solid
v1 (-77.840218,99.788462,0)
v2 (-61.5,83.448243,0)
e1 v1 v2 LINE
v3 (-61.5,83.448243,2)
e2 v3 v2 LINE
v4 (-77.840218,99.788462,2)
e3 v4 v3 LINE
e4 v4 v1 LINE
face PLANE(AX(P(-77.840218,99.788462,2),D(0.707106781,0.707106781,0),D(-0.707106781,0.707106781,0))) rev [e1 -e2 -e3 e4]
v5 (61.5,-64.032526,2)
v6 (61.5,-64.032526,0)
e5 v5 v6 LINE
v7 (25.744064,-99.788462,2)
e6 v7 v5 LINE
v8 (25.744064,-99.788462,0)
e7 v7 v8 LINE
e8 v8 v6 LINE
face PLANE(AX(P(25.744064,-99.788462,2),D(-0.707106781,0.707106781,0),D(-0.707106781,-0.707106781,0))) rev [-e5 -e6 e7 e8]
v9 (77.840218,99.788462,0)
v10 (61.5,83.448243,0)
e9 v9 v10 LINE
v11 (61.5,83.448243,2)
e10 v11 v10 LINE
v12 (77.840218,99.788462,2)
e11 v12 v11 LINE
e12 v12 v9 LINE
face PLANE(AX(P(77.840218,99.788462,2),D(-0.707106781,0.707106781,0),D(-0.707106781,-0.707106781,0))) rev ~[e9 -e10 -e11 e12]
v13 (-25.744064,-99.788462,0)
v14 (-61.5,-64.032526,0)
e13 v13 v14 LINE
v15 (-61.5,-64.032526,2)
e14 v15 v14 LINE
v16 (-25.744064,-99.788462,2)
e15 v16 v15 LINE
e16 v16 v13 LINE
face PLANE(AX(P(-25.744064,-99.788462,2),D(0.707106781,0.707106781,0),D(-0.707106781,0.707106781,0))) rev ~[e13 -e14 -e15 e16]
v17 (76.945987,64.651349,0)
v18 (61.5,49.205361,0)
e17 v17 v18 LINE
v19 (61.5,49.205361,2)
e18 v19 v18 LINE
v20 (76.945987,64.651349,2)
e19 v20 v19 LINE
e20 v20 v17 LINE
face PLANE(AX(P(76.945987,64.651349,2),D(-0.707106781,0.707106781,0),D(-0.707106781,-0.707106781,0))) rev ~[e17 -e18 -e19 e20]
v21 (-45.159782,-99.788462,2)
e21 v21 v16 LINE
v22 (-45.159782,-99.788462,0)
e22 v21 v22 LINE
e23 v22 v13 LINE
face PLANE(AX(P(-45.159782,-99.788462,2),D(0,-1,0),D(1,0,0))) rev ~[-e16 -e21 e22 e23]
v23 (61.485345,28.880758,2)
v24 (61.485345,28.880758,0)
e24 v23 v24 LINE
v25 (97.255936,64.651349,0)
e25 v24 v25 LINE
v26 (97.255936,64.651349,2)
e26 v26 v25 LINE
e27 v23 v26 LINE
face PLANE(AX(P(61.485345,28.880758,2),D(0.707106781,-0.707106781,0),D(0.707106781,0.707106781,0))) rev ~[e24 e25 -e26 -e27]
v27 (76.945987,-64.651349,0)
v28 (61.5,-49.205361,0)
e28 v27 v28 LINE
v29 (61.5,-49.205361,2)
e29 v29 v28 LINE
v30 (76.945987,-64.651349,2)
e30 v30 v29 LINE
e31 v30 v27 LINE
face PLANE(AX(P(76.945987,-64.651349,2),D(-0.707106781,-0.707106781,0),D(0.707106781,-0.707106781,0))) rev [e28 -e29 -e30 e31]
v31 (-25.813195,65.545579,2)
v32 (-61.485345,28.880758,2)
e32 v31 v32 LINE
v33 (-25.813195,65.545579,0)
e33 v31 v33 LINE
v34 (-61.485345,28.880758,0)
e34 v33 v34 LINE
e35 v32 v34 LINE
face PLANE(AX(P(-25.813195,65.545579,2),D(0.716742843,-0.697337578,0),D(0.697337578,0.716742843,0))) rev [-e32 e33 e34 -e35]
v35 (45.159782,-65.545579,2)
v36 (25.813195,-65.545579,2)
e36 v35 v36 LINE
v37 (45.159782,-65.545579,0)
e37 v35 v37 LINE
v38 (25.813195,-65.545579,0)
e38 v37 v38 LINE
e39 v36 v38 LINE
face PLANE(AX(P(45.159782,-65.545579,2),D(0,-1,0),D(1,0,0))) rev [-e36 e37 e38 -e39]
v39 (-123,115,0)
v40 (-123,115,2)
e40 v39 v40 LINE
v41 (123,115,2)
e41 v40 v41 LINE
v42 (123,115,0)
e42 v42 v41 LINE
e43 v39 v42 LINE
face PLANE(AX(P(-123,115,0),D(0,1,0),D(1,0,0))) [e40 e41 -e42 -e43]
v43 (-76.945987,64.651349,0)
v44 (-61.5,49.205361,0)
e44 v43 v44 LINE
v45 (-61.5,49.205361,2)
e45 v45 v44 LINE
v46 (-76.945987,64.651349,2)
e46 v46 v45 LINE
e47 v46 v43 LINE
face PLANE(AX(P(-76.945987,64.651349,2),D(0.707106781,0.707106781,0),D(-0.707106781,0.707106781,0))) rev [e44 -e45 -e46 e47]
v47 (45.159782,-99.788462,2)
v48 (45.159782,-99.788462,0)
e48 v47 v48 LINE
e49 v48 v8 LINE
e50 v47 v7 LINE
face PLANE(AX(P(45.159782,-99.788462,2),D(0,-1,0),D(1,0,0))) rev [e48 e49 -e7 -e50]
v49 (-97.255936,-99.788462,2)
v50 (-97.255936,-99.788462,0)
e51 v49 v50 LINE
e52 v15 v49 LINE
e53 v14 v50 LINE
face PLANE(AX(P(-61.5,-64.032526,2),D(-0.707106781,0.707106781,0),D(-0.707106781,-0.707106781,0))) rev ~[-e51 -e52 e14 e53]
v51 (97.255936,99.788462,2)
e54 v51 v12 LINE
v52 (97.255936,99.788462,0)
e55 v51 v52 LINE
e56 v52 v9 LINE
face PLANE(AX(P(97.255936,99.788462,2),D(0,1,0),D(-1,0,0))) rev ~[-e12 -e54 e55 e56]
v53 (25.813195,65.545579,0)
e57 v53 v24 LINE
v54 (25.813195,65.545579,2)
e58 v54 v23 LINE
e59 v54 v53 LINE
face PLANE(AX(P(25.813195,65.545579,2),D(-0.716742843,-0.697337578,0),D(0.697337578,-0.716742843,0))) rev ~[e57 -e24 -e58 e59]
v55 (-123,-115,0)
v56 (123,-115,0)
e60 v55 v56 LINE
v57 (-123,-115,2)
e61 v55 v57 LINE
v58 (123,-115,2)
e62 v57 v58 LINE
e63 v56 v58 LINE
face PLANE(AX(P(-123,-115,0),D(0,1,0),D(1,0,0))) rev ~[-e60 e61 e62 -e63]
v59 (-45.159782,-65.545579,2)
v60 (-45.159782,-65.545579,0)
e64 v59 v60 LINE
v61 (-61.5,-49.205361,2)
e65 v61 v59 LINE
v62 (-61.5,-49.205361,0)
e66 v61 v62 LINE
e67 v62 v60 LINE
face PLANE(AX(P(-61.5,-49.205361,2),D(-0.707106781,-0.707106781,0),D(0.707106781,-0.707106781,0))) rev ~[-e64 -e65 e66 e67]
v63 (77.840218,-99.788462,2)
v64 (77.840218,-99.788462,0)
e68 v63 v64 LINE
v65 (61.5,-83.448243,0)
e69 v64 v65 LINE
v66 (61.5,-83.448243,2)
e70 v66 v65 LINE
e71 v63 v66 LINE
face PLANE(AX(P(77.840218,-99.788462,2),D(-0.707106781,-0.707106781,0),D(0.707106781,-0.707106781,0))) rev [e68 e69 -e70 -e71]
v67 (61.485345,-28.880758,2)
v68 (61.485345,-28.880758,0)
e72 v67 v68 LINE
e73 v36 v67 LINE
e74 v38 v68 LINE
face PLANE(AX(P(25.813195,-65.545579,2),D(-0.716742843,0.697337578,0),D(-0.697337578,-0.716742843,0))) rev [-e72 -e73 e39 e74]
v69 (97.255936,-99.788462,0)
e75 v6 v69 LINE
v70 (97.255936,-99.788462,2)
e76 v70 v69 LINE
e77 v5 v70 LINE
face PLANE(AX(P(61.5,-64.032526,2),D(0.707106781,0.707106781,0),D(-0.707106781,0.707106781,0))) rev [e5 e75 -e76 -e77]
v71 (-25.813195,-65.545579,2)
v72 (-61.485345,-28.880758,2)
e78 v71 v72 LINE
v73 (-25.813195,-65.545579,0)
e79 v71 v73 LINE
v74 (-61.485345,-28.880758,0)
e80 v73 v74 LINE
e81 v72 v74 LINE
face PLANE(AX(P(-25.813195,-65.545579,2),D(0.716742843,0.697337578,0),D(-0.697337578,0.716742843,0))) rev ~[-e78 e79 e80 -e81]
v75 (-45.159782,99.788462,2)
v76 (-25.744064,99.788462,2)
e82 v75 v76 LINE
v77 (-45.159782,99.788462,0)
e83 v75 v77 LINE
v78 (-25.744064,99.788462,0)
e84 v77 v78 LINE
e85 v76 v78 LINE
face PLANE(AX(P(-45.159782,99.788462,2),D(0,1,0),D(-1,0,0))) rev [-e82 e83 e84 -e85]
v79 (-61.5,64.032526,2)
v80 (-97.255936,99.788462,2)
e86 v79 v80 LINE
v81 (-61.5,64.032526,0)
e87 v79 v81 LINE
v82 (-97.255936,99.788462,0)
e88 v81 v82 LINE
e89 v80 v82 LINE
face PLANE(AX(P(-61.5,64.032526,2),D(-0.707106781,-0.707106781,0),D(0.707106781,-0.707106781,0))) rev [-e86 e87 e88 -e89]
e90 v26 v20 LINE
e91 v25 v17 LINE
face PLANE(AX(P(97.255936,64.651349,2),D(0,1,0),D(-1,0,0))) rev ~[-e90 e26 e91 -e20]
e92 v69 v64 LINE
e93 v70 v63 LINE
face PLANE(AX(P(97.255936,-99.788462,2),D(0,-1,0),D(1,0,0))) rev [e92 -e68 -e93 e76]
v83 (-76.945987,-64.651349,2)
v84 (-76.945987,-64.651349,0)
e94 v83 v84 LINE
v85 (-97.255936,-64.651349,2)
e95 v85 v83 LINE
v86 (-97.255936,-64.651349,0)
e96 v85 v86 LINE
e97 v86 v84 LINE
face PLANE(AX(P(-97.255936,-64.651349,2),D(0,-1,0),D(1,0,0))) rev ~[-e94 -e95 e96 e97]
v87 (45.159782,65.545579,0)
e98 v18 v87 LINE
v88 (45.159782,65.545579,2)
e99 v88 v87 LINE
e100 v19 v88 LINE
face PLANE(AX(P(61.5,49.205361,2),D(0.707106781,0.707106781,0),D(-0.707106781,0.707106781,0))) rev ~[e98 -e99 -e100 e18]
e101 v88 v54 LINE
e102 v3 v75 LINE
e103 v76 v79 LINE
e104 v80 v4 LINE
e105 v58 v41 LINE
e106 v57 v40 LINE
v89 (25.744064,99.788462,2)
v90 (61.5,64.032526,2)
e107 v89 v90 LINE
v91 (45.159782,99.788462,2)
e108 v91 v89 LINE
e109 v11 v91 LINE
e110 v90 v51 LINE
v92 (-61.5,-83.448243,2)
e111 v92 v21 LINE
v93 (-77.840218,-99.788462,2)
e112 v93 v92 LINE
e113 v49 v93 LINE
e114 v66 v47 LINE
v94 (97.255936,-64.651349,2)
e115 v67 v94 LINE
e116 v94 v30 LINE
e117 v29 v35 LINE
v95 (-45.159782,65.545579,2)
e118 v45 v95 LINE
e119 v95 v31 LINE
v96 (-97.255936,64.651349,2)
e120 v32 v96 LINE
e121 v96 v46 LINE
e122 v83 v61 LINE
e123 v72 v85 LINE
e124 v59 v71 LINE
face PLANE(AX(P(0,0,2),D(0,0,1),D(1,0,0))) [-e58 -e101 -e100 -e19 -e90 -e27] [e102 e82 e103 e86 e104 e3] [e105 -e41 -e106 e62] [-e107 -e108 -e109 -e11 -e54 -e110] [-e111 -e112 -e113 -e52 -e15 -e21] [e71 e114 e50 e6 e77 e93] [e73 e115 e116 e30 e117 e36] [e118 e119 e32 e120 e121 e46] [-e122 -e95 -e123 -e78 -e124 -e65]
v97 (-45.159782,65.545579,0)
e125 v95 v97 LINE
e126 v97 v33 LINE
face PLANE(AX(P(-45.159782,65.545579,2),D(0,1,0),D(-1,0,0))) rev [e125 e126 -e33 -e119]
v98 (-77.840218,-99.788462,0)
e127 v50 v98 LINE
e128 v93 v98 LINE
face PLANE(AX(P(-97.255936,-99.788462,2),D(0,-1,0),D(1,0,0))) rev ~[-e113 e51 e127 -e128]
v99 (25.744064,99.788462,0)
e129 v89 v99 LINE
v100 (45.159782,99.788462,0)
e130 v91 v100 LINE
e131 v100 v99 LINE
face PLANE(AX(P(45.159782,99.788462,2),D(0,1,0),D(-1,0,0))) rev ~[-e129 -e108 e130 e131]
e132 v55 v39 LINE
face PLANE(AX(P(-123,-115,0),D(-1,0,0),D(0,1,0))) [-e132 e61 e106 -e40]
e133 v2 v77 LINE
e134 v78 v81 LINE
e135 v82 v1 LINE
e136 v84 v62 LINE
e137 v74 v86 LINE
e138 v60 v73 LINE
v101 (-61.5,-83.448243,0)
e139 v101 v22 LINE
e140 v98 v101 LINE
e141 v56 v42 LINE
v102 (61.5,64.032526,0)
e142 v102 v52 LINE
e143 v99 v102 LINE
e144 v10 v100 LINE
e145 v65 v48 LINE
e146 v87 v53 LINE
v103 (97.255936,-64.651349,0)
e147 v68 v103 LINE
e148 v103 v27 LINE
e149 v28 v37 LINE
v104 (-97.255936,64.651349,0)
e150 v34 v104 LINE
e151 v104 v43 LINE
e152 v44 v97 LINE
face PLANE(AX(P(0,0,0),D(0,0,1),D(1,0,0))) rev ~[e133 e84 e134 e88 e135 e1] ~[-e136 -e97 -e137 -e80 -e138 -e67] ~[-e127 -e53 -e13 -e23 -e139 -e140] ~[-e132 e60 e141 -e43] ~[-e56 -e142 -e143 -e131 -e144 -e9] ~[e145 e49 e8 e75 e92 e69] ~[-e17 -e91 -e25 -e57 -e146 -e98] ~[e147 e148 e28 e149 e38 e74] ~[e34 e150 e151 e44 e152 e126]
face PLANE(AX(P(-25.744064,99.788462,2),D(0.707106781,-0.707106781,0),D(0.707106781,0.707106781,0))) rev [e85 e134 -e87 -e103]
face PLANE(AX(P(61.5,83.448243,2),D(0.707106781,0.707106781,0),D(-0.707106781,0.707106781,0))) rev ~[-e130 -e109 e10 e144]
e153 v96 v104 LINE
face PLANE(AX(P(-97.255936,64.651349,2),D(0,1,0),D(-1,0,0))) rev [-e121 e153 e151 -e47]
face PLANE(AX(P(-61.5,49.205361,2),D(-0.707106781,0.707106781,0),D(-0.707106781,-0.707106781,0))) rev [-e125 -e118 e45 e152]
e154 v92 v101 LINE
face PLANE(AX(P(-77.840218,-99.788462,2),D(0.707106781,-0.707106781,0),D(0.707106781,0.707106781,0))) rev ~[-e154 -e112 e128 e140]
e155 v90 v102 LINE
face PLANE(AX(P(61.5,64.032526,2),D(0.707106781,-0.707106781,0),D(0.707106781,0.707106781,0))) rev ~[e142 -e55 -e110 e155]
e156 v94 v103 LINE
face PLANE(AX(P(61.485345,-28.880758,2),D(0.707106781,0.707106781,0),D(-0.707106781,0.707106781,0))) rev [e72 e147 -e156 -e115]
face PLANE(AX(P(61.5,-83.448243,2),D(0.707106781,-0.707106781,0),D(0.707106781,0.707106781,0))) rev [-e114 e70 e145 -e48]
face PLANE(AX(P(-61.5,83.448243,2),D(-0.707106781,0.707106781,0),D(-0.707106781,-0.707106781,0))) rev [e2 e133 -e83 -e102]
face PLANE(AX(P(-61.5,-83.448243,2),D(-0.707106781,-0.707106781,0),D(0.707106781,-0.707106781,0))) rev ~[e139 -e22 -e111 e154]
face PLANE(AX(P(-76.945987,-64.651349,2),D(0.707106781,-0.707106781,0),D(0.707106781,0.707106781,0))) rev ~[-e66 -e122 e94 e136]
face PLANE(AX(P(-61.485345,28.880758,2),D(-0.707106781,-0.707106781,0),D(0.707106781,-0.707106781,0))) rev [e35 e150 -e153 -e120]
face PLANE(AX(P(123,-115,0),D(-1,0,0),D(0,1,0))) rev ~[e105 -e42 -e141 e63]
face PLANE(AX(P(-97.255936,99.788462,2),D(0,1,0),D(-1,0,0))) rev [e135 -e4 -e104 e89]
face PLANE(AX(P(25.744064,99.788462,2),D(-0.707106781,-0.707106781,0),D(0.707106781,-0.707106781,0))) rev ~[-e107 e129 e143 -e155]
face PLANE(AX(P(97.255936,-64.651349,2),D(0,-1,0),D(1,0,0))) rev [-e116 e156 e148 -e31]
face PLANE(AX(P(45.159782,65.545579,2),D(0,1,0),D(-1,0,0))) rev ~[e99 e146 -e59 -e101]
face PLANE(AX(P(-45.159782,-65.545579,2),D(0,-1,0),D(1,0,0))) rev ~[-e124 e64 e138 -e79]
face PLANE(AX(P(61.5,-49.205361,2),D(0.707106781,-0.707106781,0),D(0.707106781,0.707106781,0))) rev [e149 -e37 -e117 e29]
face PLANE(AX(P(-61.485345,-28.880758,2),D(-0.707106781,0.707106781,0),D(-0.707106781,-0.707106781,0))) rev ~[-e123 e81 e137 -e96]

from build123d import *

# Parameters (mm, degrees)
SKETCH_1_W            = 246
SKETCH_1_H            = 230
EXTRUDE_1_DEPTH       = 2
CUT_EXTRUDE_2_DEPTH   = 169.398337284
MIRROR_2_COPY_1_DEPTH = 169.398337284


with BuildPart() as part:
    # 草图1 → 凸台-拉伸1 (new body)
    with BuildSketch(Plane.XY):
        Rectangle(SKETCH_1_W, SKETCH_1_H)
    extrude(amount=EXTRUDE_1_DEPTH)

    # 草图2 → 切除-拉伸2 (cut, through all)
    with BuildSketch(Plane.XY.offset(2)):
        Polygon((-61.485344815, -28.880757709), (-97.255935728, -64.651348622), (-76.945987349, -64.651348622), (-61.5, -49.205361273), (-45.159781882, -65.545579391), (-25.813195161, -65.545579391), align=None)
        Polygon((-61.5, -64.03252581), (-97.255935728, -99.788461538), (-77.840218118, -99.788461538), (-61.5, -83.44824342), (-45.159781882, -99.788461538), (-25.744064272, -99.788461538), align=None)
    cut_extrude_2 = extrude(amount=-CUT_EXTRUDE_2_DEPTH, mode=Mode.SUBTRACT)

    # 镜向1: 切除-拉伸2 across plane
    add(cut_extrude_2.mirror(Plane.ZX), mode=Mode.SUBTRACT)

    # 镜向2: 切除-拉伸2 across plane
    add(cut_extrude_2.mirror(Plane(origin=(0, 0, 0), x_dir=(0, 0, 1), z_dir=(1, 0, 0))), mode=Mode.SUBTRACT)

    # 镜向2 copy 1 sketch → 镜向2 copy 1 (cut, through all)
    with BuildSketch(Plane(origin=(0, 0, 2), x_dir=(-1, 0, 0), z_dir=(0, 0, 1))):
        Polygon((-61.485344815, -28.880757709), (-97.255935728, -64.651348622), (-76.945987349, -64.651348622), (-61.5, -49.205361273), (-45.159781882, -65.545579391), (-25.813195161, -65.545579391), align=None)
        Polygon((-61.5, -64.03252581), (-97.255935728, -99.788461538), (-77.840218118, -99.788461538), (-61.5, -83.44824342), (-45.159781882, -99.788461538), (-25.744064272, -99.788461538), align=None)
    extrude(amount=-MIRROR_2_COPY_1_DEPTH, mode=Mode.SUBTRACT)


solid = part.part
